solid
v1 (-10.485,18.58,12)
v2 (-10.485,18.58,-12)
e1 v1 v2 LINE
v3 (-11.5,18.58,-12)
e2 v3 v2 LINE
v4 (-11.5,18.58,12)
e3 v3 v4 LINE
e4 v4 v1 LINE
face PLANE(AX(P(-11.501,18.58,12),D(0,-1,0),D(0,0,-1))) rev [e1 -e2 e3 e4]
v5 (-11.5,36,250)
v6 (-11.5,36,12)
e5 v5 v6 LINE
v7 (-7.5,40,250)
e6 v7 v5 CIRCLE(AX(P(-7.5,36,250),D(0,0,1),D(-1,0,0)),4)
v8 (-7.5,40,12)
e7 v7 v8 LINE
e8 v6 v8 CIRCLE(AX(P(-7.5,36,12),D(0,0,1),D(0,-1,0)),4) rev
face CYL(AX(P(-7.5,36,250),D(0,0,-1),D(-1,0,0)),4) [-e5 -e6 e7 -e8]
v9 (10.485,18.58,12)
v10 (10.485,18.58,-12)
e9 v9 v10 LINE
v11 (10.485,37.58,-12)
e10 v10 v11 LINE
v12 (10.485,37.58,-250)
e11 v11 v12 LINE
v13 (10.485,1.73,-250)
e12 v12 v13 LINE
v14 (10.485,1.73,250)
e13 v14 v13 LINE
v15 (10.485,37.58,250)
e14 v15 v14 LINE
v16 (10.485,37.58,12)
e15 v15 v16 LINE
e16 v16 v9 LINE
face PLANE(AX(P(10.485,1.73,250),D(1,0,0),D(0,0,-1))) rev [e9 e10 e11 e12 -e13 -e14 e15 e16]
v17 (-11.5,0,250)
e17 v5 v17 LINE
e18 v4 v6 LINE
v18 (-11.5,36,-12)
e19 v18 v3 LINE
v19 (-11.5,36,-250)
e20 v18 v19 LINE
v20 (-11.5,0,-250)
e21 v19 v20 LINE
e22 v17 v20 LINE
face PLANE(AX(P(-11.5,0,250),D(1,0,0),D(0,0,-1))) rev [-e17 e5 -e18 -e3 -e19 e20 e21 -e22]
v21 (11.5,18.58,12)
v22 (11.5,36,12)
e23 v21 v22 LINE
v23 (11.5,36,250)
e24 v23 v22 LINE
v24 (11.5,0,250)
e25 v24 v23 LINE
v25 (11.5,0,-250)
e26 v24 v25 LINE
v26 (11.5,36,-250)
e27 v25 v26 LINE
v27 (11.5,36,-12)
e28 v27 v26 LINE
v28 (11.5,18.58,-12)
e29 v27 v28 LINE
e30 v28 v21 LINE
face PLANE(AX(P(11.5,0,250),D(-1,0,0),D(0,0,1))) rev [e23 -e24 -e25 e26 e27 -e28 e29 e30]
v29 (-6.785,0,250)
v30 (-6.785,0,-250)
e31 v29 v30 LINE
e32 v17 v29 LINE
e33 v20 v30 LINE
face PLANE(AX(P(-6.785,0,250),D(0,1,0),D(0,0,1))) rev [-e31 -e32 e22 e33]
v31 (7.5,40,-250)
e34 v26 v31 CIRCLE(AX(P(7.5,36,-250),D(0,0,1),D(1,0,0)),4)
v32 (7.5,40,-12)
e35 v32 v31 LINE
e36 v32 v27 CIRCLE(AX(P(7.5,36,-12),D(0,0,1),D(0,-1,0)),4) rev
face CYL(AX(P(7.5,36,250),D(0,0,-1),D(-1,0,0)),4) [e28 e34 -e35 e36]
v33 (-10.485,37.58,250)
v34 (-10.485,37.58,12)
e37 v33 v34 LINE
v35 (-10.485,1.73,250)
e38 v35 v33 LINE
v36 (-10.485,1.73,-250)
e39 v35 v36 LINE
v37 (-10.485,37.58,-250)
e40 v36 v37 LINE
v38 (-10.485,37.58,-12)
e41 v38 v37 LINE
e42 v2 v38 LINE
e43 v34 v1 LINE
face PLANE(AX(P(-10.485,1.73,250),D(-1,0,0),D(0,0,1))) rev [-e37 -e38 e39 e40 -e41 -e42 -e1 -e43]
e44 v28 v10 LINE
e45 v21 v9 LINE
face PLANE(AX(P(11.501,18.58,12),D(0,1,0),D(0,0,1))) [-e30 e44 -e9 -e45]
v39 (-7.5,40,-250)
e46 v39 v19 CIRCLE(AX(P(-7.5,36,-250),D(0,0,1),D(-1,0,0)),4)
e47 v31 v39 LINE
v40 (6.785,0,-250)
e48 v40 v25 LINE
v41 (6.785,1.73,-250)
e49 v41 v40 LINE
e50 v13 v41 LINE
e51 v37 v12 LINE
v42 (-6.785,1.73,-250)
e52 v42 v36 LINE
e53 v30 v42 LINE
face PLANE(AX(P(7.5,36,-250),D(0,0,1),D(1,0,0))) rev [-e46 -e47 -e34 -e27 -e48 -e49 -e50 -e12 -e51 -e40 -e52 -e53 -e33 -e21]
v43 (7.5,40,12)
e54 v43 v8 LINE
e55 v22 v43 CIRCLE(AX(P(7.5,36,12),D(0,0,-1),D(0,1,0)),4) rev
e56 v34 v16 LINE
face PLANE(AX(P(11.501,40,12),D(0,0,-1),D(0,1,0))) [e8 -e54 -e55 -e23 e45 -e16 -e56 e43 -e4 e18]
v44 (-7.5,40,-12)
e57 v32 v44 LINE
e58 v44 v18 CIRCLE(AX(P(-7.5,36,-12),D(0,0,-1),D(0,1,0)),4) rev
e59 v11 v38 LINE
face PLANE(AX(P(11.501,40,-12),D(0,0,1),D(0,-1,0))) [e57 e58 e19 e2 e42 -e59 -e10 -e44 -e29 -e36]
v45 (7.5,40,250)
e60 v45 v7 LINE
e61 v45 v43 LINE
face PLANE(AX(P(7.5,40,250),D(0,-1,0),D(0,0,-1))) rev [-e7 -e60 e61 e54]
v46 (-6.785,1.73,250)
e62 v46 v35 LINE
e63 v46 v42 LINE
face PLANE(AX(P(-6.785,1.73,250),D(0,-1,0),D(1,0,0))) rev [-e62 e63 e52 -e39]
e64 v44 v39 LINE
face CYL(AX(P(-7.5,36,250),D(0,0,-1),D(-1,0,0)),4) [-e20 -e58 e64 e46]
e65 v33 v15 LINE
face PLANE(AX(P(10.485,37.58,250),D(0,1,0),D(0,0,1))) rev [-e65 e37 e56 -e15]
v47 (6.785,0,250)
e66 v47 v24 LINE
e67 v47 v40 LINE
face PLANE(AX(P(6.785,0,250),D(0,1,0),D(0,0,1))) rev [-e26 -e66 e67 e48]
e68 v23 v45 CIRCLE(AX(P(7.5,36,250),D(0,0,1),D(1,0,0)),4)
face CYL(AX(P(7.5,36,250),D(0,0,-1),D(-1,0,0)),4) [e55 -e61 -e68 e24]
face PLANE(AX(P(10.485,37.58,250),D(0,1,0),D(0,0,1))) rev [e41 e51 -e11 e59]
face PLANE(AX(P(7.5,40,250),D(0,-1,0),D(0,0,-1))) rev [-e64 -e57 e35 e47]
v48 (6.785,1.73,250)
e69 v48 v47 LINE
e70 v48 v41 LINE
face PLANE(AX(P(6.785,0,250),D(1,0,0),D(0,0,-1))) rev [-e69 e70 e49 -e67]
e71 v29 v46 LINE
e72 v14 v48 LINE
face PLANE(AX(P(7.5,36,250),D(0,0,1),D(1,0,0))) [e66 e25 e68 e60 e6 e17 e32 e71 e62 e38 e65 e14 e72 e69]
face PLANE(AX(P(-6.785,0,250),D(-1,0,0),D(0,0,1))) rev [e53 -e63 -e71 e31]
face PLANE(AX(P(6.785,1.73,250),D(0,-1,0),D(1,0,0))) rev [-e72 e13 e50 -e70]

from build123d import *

# Parameters (mm, degrees)
BOSS_EXTRUDE1_DEPTH            = 250
CUT_EXTRUDE1_REACH             = 255.441
SKETCH2_W                      = 24
SKETCH2_H                      = 21.42
CUT_EXTRUDE1_DIRECTION_2_REACH = 255.441


with BuildPart() as part:
    # Sketch1 → Boss-Extrude1 (new, symmetric)
    with BuildSketch(Plane.XY):
        with BuildLine():
            Line((6.785, 0), (6.785, 1.73))
            Line((6.785, 1.73), (10.485, 1.73))
            Line((10.485, 1.73), (10.485, 37.58))
            Line((10.485, 37.58), (-10.485, 37.58))
            Line((-10.485, 37.58), (-10.485, 1.73))
            Line((-10.485, 1.73), (-6.785, 1.73))
            Line((-6.785, 1.73), (-6.785, 0))
            Line((-6.785, 0), (-11.5, 0))
            Line((-11.5, 0), (-11.5, 36))
            ThreePointArc((-11.5, 36), (-10.328427125, 38.828427125), (-7.5, 40))
            Line((-7.5, 40), (7.5, 40))
            ThreePointArc((7.5, 40), (10.328427125, 38.828427125), (11.5, 36))
            Line((11.5, 36), (11.5, 0))
            Line((11.5, 0), (6.785, 0))
        make_face()
    extrude(amount=BOSS_EXTRUDE1_DEPTH, both=True)

    # Sketch2 → Cut-Extrude1 (cut, up to next)
    with BuildSketch(Plane(origin=(0, 0, 0), x_dir=(0, 0, -1), z_dir=(1, 0, 0)), mode=Mode.PRIVATE) as cut_extrude1_sk1:
        with Locations((0, 29.29)):
            Rectangle(SKETCH2_W, SKETCH2_H)
    cut_extrude1_tool1 = extrude(cut_extrude1_sk1.sketch, amount=-CUT_EXTRUDE1_REACH, mode=Mode.PRIVATE) & part.part
    add(cut_extrude1_tool1.solids().sort_by_distance((0, 29.29, 0))[0], mode=Mode.SUBTRACT)

    # Sketch2 → Cut-Extrude1 direction 2 (cut, up to next)
    with BuildSketch(Plane(origin=(0, 0, 0), x_dir=(0, 0, -1), z_dir=(1, 0, 0)), mode=Mode.PRIVATE) as cut_extrude1_direction_2_sk1:
        with Locations((0, 29.29)):
            Rectangle(SKETCH2_W, SKETCH2_H)
    cut_extrude1_direction_2_tool1 = extrude(cut_extrude1_direction_2_sk1.sketch, amount=CUT_EXTRUDE1_DIRECTION_2_REACH, mode=Mode.PRIVATE) & part.part
    add(cut_extrude1_direction_2_tool1.solids().sort_by_distance((0, 29.29, 0))[0], mode=Mode.SUBTRACT)


solid = part.part
